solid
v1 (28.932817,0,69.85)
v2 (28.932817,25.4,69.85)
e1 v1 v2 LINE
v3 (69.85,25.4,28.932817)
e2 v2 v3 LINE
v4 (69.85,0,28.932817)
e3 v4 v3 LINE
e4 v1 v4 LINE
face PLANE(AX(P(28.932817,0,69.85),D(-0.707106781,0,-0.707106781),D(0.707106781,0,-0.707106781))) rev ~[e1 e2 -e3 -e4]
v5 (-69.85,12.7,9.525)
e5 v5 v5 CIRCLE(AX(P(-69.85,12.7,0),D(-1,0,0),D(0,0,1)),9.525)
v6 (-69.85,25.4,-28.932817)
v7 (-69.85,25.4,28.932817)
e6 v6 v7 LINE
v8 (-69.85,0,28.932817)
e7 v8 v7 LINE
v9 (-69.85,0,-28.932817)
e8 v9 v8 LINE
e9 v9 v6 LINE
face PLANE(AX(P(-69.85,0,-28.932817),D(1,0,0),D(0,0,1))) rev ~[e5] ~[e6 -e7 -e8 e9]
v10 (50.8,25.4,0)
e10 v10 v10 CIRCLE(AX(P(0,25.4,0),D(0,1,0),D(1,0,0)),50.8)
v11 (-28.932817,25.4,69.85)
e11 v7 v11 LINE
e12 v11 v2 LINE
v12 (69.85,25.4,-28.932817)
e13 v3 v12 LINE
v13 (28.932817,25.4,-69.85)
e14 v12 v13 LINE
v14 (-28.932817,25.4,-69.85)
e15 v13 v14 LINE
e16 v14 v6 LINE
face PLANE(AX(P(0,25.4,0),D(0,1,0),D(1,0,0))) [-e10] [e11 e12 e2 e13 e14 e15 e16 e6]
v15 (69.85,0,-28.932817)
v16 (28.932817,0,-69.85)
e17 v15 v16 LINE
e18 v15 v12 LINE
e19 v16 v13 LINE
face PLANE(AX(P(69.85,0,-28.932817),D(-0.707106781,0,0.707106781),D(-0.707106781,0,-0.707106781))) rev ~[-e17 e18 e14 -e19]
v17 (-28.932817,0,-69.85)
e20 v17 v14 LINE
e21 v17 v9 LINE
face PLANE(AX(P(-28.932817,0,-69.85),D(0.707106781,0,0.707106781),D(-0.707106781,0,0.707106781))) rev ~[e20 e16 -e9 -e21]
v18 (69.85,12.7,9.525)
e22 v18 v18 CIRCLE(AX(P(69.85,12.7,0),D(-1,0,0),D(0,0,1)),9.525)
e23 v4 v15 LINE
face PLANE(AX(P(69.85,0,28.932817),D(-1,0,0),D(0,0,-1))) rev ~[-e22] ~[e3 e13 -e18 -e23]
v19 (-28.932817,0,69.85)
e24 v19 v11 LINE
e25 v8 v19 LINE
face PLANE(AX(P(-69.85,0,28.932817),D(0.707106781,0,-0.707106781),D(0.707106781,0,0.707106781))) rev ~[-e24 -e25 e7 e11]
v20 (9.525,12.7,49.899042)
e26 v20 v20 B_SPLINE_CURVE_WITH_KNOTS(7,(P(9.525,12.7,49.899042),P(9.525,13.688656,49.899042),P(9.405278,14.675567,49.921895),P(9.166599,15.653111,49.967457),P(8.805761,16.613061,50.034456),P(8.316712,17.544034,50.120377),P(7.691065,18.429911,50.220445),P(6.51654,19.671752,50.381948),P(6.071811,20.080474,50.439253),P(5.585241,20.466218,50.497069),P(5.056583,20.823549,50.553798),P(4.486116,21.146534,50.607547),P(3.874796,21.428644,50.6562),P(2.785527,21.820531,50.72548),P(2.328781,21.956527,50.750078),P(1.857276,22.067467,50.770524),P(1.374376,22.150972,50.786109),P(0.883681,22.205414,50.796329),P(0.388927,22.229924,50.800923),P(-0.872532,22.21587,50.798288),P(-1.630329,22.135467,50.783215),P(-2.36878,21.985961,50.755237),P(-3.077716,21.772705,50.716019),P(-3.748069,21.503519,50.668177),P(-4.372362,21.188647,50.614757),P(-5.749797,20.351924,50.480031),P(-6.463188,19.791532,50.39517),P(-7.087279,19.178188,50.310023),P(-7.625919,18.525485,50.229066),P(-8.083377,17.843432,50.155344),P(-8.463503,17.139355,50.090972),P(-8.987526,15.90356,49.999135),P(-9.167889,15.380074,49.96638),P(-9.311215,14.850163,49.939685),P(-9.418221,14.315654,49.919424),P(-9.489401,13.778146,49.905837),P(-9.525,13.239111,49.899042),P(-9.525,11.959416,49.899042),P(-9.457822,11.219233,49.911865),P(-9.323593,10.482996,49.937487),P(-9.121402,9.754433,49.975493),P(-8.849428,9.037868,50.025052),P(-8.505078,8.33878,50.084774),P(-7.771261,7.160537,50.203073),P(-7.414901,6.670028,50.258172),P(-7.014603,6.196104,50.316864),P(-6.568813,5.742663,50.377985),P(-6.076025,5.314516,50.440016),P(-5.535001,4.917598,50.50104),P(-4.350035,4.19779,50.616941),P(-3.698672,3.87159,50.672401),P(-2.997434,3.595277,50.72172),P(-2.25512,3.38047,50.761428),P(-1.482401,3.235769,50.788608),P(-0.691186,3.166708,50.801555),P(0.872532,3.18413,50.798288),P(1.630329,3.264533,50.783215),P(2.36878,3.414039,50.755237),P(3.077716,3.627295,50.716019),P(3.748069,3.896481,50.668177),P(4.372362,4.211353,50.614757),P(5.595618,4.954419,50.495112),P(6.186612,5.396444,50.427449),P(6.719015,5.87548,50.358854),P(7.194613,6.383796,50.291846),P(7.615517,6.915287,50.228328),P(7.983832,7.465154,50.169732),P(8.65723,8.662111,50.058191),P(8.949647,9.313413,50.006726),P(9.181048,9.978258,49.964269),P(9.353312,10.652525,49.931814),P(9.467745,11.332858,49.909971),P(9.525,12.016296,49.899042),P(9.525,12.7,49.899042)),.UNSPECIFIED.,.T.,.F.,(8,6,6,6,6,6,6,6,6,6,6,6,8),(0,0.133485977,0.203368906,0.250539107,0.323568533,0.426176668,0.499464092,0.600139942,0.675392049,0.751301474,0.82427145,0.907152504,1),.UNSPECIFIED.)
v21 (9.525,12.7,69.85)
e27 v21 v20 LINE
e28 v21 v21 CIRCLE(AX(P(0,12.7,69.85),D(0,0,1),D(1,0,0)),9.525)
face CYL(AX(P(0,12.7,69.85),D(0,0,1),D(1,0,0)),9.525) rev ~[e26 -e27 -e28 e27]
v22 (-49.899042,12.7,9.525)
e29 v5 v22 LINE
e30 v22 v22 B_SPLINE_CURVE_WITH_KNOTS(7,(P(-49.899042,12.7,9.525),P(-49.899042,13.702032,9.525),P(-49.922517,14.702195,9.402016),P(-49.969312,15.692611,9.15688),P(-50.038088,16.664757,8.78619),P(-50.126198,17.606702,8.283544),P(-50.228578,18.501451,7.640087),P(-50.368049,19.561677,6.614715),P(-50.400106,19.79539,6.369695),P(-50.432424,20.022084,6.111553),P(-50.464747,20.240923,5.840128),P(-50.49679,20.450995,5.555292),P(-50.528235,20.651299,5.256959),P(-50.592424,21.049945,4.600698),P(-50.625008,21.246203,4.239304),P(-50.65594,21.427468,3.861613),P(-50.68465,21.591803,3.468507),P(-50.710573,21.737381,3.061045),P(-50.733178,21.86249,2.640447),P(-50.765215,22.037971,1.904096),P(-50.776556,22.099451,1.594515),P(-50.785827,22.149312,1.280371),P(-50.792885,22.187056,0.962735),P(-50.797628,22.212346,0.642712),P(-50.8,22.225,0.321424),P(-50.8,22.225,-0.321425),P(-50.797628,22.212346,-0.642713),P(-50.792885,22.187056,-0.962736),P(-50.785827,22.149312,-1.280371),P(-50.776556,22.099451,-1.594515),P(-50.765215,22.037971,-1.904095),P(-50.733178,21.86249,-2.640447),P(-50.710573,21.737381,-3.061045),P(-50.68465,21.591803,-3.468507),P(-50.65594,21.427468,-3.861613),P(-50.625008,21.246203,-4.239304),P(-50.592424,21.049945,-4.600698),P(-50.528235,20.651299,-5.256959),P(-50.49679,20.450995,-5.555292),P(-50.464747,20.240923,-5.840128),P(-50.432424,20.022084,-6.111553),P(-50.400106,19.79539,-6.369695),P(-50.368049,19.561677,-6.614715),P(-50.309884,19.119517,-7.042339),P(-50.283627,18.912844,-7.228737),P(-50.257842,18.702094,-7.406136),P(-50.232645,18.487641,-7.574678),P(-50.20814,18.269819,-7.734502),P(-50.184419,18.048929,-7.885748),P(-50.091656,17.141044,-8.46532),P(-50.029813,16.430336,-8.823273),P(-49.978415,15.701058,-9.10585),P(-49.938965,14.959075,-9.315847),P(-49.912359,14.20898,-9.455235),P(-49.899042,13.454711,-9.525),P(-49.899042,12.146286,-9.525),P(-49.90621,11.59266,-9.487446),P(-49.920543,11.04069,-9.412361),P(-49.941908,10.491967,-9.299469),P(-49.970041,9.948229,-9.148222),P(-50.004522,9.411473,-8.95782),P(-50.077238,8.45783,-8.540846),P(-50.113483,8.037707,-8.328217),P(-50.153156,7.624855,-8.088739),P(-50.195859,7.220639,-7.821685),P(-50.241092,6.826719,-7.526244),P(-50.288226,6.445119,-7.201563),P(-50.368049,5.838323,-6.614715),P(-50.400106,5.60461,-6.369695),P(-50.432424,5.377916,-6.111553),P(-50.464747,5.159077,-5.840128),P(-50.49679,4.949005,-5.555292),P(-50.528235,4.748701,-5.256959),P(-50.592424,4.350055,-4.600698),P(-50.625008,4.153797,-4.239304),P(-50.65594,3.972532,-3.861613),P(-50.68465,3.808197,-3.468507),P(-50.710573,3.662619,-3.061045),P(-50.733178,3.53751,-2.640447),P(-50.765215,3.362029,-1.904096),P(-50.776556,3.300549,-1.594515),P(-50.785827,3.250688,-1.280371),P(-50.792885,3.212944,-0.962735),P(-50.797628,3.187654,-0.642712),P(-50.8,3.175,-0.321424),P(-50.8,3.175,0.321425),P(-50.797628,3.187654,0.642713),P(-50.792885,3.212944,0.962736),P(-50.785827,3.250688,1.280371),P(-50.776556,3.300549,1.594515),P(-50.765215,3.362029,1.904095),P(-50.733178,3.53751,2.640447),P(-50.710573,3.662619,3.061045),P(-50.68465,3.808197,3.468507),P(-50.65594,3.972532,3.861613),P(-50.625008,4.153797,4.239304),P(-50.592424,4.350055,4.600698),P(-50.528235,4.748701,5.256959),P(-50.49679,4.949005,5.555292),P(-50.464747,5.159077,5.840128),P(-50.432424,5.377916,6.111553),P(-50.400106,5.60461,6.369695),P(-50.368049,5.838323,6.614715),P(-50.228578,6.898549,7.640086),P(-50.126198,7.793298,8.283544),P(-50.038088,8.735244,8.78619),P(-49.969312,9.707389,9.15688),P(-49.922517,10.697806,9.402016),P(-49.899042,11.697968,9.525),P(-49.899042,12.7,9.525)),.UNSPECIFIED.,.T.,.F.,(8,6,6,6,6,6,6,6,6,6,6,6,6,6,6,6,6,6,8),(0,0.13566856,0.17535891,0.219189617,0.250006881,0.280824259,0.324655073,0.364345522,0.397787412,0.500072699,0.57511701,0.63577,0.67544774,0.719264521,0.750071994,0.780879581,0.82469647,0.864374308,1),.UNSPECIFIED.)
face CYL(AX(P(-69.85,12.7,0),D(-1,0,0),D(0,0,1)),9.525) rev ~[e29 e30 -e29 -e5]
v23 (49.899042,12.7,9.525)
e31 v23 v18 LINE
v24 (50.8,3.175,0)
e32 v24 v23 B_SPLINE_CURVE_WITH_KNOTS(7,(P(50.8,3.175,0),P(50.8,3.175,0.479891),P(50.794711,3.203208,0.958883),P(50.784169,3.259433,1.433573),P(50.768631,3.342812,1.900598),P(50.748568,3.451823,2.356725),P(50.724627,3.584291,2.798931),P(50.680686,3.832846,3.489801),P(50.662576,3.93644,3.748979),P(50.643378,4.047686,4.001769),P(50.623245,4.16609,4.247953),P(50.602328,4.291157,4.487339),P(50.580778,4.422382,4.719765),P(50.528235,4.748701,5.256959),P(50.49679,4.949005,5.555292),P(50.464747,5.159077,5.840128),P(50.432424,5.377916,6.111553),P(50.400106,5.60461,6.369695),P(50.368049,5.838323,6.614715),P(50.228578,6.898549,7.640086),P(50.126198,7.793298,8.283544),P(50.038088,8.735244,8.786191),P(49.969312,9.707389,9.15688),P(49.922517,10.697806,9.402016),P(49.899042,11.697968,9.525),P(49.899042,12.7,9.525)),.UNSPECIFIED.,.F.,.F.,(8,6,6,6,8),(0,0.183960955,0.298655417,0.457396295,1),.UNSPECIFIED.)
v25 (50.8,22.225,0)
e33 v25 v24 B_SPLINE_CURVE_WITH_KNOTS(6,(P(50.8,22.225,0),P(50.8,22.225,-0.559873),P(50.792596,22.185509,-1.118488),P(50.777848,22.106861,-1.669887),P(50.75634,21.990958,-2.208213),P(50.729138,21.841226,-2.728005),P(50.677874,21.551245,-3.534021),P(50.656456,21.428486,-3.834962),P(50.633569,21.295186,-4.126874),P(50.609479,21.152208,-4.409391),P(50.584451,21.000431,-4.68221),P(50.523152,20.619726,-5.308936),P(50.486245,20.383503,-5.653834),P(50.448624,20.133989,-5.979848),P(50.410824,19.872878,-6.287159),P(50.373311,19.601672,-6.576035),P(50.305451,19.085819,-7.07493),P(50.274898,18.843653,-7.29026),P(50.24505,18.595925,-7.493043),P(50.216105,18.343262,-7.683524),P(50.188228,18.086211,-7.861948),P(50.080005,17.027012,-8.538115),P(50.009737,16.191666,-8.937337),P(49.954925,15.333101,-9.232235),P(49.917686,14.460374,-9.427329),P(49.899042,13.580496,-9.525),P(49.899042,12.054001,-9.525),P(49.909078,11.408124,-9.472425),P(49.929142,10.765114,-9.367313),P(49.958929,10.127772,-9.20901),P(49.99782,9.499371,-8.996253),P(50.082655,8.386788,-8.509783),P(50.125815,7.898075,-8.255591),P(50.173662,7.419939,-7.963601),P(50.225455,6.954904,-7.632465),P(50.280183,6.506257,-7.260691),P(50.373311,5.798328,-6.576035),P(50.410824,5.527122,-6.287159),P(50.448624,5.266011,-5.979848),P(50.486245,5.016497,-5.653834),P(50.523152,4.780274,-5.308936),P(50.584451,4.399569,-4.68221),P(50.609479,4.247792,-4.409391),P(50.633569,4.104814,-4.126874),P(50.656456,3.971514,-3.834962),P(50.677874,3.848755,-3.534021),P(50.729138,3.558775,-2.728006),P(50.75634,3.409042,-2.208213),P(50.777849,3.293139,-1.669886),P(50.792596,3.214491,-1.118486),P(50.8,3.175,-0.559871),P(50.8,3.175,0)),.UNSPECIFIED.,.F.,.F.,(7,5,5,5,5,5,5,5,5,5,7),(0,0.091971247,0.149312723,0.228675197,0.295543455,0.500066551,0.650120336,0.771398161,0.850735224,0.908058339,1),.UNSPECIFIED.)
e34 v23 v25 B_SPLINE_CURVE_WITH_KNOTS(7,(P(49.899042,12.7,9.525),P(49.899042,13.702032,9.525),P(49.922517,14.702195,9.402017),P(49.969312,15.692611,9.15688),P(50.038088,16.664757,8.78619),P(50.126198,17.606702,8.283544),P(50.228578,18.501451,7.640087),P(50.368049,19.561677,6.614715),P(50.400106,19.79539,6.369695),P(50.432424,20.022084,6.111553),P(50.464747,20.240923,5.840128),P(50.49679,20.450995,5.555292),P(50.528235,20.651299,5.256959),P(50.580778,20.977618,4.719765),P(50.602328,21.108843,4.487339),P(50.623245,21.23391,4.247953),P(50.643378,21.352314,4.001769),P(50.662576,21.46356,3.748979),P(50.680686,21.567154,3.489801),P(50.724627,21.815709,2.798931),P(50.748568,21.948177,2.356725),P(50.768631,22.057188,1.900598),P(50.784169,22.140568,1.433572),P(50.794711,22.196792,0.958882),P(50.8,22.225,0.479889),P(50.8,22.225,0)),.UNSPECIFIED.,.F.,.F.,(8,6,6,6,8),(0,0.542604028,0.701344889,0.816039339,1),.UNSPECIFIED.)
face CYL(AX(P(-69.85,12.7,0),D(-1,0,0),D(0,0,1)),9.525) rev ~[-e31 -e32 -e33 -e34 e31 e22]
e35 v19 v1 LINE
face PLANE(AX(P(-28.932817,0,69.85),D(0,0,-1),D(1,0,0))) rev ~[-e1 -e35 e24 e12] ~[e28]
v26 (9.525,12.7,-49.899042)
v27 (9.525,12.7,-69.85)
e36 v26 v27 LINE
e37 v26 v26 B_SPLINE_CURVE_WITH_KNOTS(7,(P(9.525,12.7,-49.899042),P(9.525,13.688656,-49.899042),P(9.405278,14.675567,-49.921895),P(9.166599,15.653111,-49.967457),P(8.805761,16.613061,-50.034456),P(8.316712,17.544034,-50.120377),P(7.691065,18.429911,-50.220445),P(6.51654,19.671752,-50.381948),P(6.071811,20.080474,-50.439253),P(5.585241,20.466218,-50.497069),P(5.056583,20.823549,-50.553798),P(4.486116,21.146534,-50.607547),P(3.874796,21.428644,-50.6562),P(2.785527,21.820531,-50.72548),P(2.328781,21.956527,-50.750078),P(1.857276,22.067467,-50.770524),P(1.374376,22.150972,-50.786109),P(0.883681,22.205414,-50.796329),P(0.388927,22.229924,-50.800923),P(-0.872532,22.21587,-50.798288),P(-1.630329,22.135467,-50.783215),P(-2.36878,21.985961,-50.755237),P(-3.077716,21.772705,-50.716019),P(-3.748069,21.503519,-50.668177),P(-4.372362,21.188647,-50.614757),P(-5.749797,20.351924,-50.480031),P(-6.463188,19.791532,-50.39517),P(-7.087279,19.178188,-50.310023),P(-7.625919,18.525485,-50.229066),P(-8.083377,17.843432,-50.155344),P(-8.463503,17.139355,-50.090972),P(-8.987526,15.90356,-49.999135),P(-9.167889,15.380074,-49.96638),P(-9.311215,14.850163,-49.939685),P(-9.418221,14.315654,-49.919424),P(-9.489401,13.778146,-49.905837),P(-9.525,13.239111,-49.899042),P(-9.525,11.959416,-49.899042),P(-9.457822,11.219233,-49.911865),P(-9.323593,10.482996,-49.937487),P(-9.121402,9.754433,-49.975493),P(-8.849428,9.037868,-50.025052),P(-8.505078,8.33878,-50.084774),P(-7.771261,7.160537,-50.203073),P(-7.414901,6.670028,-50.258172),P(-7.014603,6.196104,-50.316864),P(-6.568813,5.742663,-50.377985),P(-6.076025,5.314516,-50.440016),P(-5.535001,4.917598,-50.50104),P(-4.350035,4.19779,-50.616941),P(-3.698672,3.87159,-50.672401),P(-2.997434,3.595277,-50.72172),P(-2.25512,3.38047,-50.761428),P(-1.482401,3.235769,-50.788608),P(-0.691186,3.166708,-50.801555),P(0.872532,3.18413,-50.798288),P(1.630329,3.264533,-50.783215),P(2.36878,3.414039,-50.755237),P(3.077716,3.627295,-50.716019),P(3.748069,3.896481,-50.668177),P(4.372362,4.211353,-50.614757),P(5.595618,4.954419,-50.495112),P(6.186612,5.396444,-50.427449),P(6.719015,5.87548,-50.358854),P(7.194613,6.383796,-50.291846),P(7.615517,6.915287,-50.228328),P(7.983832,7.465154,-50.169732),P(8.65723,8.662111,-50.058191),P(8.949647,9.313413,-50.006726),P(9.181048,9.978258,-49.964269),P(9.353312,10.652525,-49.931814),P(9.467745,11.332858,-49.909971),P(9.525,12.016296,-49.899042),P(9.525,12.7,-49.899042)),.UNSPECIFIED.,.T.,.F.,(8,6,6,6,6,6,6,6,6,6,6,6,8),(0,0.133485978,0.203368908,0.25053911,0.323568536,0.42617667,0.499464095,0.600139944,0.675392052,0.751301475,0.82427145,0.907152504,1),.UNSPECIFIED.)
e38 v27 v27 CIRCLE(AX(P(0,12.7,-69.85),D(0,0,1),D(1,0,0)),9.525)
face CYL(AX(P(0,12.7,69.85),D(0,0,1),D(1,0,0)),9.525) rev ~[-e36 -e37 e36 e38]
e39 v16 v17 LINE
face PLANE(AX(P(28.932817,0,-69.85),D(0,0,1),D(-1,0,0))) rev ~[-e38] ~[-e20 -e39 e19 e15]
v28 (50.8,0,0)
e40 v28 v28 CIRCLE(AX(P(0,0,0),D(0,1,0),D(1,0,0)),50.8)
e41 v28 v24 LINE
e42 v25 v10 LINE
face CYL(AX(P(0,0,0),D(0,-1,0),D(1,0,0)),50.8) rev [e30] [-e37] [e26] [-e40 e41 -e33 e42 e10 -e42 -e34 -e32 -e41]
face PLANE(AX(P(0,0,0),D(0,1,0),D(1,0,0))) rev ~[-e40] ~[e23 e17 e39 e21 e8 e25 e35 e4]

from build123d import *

# Parameters (mm, degrees)
SKETCH2_R           = 50.8
BOSS_EXTRUDE1_DEPTH = 25.4
SKETCH3_R           = 9.525
CUT_EXTRUDE1_DEPTH  = 140.7
SKETCH4_R           = 9.525
CUT_EXTRUDE2_DEPTH  = 140.7


with BuildPart() as part:
    # Sketch2 → Boss-Extrude1 (new body)
    with BuildSketch(Plane(origin=(0, 0, 0), x_dir=(1, 0, 0), z_dir=(0, 1, 0))):
        Polygon((69.85, 28.932817332), (28.932817332, 69.85), (-28.932817332, 69.85), (-69.85, 28.932817332), (-69.85, -28.932817332), (-28.932817332, -69.85), (28.932817332, -69.85), (69.85, -28.932817332), align=None)
        Circle(SKETCH2_R, mode=Mode.SUBTRACT)
    extrude(amount=BOSS_EXTRUDE1_DEPTH)

    # Sketch3 → Cut-Extrude1 (cut, through all)
    with BuildSketch(Plane.XY.offset(69.85)):
        with Locations((0, 12.7)):
            Circle(SKETCH3_R)
    extrude(amount=-CUT_EXTRUDE1_DEPTH, mode=Mode.SUBTRACT)

    # Sketch4 → Cut-Extrude2 (cut, through all)
    with BuildSketch(Plane.ZY.offset(69.85)):
        with Locations((0, 12.7)):
            Circle(SKETCH4_R)
    extrude(amount=-CUT_EXTRUDE2_DEPTH, mode=Mode.SUBTRACT)


solid = part.part
